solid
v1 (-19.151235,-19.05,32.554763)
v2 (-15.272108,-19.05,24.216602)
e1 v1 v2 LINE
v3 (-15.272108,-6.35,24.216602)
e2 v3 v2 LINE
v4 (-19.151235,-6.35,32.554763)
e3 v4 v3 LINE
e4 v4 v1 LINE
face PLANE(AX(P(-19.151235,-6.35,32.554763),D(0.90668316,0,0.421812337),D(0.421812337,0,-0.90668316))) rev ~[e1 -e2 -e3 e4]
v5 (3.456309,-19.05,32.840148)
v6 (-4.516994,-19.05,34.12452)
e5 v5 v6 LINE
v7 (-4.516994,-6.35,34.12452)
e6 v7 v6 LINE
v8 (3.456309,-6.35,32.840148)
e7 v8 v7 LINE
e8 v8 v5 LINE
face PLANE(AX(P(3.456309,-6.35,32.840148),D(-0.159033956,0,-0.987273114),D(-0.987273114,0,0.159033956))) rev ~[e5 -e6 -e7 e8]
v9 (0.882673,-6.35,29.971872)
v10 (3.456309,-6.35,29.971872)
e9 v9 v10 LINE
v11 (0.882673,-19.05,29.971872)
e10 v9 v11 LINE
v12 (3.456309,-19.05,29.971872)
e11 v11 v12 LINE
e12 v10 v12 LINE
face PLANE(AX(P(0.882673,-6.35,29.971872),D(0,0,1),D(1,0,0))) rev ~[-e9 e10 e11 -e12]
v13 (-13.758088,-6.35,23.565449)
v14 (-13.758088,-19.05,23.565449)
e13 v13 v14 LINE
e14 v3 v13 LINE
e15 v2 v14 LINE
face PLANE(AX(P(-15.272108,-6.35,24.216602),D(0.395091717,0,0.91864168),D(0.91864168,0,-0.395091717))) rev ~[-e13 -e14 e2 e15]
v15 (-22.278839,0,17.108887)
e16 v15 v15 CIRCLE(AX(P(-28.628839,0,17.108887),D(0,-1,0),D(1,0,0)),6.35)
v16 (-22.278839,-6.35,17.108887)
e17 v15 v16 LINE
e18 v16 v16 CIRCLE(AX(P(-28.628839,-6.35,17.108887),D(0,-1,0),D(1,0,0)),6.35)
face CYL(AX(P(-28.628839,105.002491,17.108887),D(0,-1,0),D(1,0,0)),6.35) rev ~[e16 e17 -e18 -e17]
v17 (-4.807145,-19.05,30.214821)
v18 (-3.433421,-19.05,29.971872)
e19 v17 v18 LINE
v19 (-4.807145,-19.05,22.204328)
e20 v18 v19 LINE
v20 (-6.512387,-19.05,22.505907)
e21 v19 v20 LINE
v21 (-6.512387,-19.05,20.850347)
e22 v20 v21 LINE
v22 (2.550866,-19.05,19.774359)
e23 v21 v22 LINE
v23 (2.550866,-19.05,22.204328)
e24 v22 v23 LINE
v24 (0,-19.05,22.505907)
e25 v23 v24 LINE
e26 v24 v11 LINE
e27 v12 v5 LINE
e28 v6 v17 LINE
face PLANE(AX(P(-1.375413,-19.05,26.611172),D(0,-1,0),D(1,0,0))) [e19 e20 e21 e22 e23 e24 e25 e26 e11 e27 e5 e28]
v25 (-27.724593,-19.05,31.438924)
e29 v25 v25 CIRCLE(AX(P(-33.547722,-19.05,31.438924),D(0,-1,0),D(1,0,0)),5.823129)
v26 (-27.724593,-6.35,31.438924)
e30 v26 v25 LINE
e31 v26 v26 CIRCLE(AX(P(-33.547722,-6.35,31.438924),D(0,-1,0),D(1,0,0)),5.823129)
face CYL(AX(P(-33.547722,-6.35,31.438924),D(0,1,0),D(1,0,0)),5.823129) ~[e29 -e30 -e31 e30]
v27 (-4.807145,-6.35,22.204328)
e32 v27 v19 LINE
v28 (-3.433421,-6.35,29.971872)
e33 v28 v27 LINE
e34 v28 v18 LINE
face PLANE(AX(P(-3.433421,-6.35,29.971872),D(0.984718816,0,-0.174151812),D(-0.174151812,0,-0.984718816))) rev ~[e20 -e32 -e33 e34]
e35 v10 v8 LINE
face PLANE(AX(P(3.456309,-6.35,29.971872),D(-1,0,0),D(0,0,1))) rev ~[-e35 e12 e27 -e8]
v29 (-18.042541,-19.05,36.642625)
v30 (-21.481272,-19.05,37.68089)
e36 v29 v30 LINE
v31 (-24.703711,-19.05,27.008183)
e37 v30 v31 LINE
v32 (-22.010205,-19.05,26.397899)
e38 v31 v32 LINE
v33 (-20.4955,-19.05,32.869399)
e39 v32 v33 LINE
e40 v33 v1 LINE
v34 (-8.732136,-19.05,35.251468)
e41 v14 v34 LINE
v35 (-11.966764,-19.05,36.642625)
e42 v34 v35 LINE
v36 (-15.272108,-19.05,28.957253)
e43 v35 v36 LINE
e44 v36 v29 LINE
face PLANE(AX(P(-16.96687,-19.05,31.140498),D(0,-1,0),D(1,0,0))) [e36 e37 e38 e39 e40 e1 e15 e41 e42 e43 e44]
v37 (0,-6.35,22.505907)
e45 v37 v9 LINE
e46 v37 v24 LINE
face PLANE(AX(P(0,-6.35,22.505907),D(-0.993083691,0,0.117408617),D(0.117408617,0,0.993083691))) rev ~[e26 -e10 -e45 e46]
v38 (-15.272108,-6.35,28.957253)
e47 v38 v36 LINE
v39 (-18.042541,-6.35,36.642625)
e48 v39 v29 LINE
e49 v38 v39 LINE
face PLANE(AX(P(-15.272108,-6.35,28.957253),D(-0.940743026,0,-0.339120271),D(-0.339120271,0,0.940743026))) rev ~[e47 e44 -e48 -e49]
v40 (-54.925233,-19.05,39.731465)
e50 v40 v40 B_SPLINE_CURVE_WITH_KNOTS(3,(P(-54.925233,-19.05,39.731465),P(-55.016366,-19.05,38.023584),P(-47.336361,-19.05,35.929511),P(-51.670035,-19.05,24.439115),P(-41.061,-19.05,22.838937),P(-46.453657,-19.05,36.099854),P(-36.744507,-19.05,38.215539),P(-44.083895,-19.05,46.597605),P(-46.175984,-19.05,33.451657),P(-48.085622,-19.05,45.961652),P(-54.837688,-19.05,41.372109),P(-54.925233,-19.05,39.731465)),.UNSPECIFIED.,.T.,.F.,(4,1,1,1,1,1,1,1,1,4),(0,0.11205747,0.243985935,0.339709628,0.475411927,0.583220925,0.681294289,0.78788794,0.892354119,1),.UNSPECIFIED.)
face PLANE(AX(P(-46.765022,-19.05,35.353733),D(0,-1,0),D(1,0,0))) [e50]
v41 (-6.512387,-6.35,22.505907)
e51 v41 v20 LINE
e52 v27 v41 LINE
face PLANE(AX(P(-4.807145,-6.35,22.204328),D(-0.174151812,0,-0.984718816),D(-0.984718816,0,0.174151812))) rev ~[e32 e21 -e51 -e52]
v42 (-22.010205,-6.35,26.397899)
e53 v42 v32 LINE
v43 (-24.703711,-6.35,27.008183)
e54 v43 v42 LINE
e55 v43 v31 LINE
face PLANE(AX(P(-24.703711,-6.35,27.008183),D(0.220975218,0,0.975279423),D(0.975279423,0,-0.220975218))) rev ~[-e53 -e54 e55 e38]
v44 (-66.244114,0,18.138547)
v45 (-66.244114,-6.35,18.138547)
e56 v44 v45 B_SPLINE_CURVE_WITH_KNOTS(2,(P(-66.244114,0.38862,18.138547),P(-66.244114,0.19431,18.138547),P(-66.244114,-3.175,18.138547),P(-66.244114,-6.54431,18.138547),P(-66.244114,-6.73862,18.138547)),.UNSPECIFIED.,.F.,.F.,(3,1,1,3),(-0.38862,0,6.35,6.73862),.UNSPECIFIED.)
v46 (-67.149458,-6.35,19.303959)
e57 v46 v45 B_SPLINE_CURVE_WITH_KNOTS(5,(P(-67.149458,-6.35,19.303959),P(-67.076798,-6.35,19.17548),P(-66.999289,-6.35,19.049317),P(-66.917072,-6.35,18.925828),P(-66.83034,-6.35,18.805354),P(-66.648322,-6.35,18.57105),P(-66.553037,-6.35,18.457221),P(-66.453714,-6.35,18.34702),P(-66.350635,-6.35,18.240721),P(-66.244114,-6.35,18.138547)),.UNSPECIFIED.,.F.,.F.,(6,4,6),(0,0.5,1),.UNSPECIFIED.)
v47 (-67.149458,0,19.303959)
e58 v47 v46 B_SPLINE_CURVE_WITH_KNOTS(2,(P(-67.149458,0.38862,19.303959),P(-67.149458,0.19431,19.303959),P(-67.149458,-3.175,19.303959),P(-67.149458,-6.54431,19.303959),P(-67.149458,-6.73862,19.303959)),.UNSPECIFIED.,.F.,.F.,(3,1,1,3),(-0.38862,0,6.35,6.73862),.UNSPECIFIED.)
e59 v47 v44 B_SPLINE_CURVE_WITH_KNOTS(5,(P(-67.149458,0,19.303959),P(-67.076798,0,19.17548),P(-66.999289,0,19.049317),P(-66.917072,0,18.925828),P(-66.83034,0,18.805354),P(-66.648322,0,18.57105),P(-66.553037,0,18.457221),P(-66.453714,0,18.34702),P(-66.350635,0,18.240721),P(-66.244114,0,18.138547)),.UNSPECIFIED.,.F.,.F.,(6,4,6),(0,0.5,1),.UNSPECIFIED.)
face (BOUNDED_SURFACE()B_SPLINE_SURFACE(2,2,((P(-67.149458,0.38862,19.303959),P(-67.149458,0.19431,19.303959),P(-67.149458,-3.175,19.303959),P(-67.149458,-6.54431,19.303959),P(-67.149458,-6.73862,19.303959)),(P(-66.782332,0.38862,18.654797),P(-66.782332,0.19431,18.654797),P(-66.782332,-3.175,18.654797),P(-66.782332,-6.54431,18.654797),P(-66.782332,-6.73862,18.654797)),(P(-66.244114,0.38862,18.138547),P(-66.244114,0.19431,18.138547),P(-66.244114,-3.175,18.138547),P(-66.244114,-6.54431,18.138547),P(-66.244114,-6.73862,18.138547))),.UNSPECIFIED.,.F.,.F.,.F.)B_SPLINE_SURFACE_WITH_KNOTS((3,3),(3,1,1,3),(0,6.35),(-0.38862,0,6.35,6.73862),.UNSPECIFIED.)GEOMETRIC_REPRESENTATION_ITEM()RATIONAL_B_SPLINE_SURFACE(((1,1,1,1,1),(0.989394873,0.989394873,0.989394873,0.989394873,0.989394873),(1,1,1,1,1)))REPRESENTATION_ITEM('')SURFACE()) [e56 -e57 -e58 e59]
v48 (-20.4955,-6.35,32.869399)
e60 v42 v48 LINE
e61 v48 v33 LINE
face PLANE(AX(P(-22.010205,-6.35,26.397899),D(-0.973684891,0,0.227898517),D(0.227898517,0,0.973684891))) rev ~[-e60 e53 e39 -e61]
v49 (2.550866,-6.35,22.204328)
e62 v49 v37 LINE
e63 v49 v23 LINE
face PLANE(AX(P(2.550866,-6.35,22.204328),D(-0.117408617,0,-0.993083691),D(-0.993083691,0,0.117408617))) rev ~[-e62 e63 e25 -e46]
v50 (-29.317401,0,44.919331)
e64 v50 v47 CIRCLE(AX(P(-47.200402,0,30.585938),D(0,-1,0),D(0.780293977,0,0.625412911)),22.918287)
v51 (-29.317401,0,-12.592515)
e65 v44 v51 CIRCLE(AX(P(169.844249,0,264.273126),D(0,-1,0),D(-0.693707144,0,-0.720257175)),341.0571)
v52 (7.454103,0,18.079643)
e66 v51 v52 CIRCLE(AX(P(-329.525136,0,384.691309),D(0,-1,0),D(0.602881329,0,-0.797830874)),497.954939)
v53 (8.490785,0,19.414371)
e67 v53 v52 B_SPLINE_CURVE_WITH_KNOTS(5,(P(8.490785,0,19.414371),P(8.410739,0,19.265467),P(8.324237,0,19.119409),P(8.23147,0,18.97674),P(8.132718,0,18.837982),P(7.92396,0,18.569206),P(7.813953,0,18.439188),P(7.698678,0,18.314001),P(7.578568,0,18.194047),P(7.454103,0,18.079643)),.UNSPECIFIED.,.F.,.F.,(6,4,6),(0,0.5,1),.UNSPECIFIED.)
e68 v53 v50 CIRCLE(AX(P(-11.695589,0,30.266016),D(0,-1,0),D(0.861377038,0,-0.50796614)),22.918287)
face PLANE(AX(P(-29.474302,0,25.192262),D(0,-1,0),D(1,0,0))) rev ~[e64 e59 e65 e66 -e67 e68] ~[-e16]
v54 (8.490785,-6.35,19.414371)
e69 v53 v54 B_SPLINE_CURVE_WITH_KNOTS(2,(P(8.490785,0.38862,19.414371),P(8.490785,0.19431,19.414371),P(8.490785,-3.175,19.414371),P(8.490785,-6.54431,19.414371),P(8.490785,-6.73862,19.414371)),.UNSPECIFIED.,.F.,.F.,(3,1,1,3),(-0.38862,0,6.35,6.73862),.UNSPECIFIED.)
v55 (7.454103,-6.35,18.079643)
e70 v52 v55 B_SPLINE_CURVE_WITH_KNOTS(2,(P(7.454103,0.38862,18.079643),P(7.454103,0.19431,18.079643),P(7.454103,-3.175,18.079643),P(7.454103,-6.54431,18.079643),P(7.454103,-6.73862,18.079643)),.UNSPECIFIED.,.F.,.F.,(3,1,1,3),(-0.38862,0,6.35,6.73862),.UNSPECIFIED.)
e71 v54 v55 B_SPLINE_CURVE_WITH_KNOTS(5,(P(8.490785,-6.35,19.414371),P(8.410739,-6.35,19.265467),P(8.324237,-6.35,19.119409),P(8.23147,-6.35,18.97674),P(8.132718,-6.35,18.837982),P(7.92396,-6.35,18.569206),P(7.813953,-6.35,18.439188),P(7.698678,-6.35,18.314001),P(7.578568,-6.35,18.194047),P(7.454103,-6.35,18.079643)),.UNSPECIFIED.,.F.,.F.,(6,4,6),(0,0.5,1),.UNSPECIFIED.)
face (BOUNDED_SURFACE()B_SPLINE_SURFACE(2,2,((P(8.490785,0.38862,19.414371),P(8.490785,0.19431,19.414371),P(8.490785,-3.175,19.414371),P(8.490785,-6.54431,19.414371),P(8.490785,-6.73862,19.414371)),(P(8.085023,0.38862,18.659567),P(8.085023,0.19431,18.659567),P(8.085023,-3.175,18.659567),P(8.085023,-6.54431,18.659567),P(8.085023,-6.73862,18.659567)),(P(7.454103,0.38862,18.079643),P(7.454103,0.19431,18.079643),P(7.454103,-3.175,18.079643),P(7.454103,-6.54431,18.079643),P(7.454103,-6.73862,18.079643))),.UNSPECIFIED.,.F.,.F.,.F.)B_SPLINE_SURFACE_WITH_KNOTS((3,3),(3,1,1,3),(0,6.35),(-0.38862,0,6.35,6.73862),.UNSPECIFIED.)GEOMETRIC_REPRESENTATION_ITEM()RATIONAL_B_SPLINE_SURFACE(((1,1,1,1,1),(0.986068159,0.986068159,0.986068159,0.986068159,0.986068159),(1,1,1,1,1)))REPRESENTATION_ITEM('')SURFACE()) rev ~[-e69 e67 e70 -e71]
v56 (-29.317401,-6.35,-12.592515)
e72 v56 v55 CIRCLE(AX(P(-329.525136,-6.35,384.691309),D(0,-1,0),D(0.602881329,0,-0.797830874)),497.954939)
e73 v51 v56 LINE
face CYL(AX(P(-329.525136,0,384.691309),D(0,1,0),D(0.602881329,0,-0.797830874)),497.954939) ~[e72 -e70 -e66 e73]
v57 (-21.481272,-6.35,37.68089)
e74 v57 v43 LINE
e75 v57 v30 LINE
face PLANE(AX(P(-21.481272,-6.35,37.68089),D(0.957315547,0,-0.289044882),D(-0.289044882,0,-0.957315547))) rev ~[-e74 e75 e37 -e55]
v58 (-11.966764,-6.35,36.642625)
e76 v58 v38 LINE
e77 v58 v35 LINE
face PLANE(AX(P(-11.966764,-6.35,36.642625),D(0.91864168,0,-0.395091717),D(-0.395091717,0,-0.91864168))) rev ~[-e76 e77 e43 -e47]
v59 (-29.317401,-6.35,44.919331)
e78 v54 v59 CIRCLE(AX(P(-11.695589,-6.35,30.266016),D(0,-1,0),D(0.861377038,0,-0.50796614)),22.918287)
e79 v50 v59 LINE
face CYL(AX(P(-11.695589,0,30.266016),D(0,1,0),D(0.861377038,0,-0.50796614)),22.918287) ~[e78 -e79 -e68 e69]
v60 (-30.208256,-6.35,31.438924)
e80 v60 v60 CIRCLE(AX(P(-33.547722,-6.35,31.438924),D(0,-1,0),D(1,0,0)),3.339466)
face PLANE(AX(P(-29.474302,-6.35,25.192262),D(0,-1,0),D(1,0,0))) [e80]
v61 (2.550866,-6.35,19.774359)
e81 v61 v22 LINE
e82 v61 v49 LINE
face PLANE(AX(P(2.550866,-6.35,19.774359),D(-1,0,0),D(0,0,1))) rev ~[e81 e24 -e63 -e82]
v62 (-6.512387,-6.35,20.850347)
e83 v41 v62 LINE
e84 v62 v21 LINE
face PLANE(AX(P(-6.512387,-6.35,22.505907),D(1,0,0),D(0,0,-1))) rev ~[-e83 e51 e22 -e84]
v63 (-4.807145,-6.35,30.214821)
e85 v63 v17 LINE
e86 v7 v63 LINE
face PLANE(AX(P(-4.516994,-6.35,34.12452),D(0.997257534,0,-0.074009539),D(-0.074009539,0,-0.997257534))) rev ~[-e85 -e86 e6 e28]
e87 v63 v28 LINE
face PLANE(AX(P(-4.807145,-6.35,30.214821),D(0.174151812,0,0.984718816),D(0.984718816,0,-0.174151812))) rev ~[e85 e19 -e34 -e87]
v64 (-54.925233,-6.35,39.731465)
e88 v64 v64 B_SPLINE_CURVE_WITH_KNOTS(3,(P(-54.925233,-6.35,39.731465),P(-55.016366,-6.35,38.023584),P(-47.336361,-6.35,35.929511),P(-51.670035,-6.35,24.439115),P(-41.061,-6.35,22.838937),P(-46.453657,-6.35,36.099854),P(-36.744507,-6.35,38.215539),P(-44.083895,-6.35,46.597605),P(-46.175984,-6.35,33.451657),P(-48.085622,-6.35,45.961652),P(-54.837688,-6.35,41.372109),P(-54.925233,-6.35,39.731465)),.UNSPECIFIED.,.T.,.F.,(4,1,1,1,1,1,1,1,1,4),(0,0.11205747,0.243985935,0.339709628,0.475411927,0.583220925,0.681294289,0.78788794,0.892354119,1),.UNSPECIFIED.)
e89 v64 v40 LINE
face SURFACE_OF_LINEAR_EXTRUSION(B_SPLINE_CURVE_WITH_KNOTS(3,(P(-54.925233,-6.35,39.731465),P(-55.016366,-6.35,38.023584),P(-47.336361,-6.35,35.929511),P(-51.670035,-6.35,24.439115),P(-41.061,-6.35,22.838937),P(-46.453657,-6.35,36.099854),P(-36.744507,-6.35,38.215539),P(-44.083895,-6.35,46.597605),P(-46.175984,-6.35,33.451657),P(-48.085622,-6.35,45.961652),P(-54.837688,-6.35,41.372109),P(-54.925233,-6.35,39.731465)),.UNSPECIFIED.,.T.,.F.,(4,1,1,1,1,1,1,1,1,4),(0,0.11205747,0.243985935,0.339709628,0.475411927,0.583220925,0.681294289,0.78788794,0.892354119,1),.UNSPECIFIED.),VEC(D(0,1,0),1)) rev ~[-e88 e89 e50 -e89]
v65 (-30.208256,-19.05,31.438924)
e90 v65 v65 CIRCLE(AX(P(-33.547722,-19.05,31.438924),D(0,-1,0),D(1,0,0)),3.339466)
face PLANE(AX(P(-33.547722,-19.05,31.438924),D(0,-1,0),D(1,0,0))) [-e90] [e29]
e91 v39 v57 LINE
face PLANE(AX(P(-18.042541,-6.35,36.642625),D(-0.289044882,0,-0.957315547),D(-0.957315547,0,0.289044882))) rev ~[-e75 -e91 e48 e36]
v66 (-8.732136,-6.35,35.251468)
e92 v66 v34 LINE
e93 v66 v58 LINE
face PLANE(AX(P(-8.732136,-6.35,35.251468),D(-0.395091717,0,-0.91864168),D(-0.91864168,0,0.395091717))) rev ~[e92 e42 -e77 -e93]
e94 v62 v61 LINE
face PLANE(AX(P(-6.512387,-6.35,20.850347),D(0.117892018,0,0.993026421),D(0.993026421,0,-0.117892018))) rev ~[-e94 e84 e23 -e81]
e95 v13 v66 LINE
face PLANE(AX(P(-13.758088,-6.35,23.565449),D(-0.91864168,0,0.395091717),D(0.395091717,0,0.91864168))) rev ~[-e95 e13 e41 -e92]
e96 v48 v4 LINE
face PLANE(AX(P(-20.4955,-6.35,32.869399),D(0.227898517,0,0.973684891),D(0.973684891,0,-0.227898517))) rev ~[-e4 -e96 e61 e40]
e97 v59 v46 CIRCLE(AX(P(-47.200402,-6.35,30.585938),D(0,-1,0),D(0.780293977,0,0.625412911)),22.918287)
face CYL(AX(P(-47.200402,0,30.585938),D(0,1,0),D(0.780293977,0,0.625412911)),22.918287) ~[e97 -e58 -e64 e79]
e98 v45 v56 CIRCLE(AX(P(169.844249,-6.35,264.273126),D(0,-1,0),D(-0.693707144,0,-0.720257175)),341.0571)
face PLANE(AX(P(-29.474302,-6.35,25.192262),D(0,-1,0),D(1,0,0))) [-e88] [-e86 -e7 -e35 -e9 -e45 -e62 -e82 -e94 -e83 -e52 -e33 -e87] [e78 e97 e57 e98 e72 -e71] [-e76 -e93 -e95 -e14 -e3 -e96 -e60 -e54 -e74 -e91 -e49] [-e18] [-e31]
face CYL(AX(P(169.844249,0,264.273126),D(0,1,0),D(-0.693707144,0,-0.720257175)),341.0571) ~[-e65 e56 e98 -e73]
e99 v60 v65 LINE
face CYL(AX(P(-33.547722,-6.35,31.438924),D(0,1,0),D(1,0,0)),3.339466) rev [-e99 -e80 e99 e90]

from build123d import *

# Parameters (mm, degrees)
F1_DEPTH = 6.35
F2_R     = 5.08
F3_R     = 5.08
F5_D     = 12.7
F6_R     = 5.8231286177
F6_R_2   = 3.3394661955
F7_DEPTH = 12.7


with BuildPart() as f1:
    # F0 (on Front) → F1 (new body)
    with BuildSketch(Plane.XZ):
        with BuildLine():
            ThreePointArc((8.0456975847, 18.6243019998), (1.4945659095, 49.0081533698), (-29.3174006718, 44.9193313276))
            ThreePointArc((-29.3174006718, 44.9193313276), (-60.3742821347, 49.3395191787), (-66.7494982481, 18.6243019998))
            ThreePointArc((-66.7494982481, 18.6243019998), (-48.5918146559, 2.3463574739), (-29.3174006718, -12.5925152073))
            ThreePointArc((-29.3174006718, -12.5925152073), (-10.2540941561, 2.5589717735), (8.0456975847, 18.6243019998))
        make_face()
    extrude(amount=F1_DEPTH)

    # F2
    f2_edges = [f1.edges().sort_by_distance(p)[0] for p in [
        (-66.749498, -3.175, 18.624302),
    ]]
    fillet(f2_edges, radius=F2_R)

    # F3
    f3_edges = [f1.edges().sort_by_distance(p)[0] for p in [
        (8.045698, -3.175, 18.624302),
    ]]
    fillet(f3_edges, radius=F3_R)

    # F5 (through all)
    with Locations(Plane(origin=(0, 0, 0), x_dir=(-1, 0, 0), z_dir=(0, 1, 0))):
        with Locations((28.6288391799, 17.108887434)):
            Hole(F5_D / 2)

    # F6 (on face) → F7 (join)
    with BuildSketch(Plane.XZ.offset(6.35)):
        with BuildLine():
            add(Edge.make_bspline(
                [(-54.9252331257, 39.7314652801), (-55.0163661013, 38.0235837429), (-47.3363608565, 35.9295106439), (-51.6700354497, 24.4391151564), (-41.0610004156, 22.8389372872), (-46.4536574183, 36.0998543117), (-36.7445071272, 38.2155390699), (-44.0838947613, 46.5976051665), (-46.175984172, 33.4516571647), (-48.0856221775, 45.9616518911), (-54.8376879634, 41.372109244), (-54.9252331257, 39.7314652801)],
                knots=[0, 0, 0, 0, 0.1120574701, 0.243985935, 0.3397096276, 0.4754119265, 0.583220925, 0.6812942893, 0.78788794, 0.8923541194, 1, 1, 1, 1], degree=3))
        make_face()
        with Locations((-33.5477218032, 31.4389243722)):
            Circle(F6_R)
        with Locations((-33.5477218032, 31.4389243722)):
            Circle(F6_R_2, mode=Mode.SUBTRACT)
        Polygon((-21.4812718332, 37.6808904111), (-24.7037112713, 27.0081833005), (-22.0102052808, 26.3978986374), (-20.4955004156, 32.8693985939), (-19.1512348132, 32.5547627812), (-15.2721079066, 24.2166021164), (-13.7580883076, 23.5654487713), (-8.7321358585, 35.2514679999), (-11.9667639956, 36.642624979), (-15.2721079066, 28.957253322), (-18.0425406876, 36.642624979), align=None)
        Polygon((3.4563094378, 32.8401476145), (-4.516994115, 34.124519676), (-4.8071448691, 30.2148205864), (-3.4334209394, 29.971871525), (-4.8071448691, 22.2043278911), (-6.5123867244, 22.5059073418), (-6.5123867244, 20.850347355), (2.5508658789, 19.7743587196), (2.5508658789, 22.2043278911), (0, 22.5059073418), (0.8826733683, 29.971871525), (3.4563094378, 29.971871525), align=None)
    extrude(amount=F7_DEPTH)


solid = f1.part
